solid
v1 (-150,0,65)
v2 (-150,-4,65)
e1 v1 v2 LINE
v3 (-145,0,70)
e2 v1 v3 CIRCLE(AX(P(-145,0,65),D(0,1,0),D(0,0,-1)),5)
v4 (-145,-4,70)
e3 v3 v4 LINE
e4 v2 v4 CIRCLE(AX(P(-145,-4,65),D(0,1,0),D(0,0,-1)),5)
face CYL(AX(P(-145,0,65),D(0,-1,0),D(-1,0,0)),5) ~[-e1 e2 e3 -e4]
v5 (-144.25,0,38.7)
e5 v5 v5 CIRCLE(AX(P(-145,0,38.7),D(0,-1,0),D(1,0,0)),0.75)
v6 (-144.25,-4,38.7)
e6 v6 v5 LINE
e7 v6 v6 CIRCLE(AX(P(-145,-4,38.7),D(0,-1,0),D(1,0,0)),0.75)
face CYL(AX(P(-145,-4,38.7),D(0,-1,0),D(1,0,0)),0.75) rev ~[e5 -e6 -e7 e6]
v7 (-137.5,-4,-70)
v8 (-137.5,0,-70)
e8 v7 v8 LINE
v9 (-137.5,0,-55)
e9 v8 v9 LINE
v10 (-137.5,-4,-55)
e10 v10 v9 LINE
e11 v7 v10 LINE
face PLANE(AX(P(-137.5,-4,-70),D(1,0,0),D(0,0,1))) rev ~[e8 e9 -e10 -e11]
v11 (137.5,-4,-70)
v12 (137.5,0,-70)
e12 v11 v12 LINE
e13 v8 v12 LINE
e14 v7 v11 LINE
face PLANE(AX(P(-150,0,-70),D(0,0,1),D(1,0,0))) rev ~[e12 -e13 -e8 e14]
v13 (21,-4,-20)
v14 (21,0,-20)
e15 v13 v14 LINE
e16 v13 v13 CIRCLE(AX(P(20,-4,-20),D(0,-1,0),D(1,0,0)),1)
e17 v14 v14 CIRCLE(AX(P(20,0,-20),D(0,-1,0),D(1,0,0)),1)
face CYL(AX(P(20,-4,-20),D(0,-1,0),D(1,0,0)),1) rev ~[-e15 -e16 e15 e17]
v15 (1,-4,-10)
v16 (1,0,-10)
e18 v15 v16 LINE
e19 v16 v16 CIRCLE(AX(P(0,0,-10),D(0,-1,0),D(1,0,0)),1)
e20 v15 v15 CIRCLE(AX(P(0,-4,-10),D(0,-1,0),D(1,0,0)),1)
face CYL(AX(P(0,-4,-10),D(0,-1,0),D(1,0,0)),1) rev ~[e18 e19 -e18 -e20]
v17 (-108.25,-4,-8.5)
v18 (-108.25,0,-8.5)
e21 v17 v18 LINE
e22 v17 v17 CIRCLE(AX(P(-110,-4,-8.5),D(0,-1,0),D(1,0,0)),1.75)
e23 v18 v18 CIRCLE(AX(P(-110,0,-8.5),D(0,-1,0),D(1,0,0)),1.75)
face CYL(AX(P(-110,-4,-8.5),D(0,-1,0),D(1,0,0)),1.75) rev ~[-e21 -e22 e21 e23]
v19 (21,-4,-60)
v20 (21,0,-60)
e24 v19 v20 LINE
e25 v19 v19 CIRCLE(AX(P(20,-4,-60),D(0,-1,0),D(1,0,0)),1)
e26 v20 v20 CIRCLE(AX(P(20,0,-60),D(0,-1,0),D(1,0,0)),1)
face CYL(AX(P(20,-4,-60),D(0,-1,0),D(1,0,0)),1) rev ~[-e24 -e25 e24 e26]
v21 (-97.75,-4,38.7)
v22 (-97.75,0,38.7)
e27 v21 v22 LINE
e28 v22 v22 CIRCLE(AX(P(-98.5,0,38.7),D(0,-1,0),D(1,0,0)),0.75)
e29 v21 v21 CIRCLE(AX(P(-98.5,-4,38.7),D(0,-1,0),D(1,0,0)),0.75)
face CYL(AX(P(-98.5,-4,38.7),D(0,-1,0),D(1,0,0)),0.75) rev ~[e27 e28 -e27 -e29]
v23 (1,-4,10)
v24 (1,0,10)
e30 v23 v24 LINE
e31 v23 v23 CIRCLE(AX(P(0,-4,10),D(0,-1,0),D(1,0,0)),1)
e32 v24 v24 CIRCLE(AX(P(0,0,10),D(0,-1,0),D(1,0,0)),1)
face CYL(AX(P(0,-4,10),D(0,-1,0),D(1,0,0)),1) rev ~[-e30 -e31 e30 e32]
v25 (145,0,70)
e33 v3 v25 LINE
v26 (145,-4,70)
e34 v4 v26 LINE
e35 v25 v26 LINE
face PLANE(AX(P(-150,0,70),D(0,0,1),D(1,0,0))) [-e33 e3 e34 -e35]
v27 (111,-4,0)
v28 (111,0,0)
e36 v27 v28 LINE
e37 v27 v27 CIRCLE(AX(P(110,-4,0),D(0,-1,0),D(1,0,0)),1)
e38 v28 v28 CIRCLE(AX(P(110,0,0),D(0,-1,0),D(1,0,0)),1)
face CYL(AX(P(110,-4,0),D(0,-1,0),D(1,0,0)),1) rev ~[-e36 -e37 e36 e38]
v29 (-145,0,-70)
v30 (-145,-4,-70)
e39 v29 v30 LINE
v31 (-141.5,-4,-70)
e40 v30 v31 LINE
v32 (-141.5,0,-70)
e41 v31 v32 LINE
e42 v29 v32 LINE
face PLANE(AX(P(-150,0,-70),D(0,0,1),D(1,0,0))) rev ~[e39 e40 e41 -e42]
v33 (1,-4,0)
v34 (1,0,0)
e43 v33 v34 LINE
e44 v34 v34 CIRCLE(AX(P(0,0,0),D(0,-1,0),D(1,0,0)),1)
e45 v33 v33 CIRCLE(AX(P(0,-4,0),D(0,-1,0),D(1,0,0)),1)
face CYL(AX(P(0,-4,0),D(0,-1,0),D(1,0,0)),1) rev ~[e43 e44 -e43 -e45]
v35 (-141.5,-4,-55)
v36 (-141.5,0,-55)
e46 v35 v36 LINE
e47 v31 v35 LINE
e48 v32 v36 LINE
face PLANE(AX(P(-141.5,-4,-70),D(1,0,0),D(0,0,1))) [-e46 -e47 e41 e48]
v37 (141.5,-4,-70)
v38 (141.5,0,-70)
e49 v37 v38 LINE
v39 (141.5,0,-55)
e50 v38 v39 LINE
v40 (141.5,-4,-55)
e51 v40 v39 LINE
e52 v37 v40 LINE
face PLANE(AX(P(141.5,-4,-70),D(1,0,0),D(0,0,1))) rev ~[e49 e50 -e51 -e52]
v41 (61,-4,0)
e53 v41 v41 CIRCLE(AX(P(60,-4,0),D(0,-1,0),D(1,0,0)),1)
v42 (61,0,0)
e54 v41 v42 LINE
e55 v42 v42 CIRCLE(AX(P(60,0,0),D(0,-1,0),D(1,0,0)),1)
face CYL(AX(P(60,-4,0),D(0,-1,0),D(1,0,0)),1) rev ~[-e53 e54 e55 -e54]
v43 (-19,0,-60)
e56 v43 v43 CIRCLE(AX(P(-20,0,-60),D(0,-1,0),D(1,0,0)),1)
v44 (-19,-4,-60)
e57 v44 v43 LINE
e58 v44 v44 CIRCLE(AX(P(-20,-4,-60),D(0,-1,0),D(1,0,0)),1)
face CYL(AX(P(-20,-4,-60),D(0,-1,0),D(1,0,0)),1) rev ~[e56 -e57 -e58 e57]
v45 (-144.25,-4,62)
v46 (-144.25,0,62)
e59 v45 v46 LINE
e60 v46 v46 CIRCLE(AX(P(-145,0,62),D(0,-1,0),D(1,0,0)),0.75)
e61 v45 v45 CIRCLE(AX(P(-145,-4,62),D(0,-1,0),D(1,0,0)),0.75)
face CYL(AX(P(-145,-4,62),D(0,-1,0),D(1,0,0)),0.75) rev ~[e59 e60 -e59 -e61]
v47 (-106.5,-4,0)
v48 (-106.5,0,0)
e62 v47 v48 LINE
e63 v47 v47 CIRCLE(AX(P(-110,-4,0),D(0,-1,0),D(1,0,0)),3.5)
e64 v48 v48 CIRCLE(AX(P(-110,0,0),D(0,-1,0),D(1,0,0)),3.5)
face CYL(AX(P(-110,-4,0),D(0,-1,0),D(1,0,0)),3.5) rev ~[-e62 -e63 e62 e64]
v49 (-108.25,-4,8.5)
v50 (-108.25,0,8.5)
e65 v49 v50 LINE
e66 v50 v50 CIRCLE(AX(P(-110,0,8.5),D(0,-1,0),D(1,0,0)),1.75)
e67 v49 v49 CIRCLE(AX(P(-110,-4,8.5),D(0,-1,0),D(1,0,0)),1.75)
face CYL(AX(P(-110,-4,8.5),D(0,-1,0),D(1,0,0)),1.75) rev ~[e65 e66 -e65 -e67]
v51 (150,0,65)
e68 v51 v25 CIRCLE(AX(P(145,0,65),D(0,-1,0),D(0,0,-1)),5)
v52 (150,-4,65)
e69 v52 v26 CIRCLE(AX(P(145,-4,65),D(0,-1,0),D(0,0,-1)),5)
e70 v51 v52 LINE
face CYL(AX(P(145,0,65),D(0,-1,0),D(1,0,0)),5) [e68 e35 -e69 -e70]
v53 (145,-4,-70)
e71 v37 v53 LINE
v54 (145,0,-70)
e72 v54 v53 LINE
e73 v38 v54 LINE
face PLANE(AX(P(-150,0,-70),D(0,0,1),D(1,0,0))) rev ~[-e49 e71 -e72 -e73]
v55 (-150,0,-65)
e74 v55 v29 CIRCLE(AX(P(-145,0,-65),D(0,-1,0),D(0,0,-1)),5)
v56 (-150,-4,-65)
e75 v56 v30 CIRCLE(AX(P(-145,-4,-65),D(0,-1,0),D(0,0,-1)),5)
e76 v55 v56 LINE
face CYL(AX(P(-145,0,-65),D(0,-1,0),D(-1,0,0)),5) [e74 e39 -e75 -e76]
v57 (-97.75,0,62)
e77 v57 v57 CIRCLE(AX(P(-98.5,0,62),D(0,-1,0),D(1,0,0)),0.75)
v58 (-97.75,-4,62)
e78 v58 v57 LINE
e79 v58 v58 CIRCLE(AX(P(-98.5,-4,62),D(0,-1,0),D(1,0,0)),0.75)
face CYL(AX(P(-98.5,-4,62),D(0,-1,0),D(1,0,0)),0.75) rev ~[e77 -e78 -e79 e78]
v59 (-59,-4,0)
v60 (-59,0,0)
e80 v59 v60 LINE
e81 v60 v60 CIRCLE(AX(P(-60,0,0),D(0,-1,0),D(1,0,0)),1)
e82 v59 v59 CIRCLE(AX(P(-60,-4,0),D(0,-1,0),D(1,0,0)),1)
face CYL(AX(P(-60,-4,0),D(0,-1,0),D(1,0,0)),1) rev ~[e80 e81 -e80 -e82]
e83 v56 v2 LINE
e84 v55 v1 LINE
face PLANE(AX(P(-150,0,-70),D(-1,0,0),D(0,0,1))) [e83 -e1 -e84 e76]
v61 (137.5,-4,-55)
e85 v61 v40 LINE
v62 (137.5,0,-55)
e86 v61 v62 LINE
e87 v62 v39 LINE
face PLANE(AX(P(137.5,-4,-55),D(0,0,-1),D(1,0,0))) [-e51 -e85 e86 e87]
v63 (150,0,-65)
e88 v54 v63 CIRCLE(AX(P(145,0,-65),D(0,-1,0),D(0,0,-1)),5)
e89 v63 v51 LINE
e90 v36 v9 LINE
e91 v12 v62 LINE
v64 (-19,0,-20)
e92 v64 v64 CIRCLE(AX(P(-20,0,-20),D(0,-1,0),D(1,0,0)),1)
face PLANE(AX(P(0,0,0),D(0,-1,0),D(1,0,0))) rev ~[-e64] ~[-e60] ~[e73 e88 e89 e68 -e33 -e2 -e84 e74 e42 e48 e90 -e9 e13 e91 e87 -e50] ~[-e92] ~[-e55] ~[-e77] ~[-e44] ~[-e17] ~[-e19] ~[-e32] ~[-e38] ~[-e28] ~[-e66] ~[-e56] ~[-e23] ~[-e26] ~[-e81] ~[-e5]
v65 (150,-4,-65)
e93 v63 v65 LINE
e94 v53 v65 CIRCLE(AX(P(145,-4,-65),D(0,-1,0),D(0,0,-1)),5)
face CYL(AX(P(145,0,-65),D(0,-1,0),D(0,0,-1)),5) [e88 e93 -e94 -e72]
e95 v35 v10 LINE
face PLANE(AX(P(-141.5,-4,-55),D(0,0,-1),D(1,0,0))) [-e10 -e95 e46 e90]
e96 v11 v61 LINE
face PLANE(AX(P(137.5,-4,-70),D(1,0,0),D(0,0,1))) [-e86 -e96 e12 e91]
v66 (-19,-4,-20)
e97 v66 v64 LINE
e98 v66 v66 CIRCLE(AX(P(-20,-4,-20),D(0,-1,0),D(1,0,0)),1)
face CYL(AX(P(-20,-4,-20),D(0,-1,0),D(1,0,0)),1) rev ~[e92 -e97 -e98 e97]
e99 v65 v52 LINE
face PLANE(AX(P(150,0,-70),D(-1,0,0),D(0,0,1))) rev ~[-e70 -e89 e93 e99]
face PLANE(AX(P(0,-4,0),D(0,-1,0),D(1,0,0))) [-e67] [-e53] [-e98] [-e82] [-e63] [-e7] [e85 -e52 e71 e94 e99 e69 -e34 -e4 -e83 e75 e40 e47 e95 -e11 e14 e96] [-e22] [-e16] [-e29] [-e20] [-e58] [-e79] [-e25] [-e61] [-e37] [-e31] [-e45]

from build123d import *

# Parameters (mm, degrees)
F0_W     = 300
F0_H     = 140
F1_DEPTH = 4
F2_R     = 5
F3_R     = 1
F3_R_2   = 3.5
F3_R_3   = 1.75
F3_W     = 4
F3_H     = 15
F3_R_4   = 0.75
F4_DEPTH = 4.001
F5_R     = 1
F6_DEPTH = 4.001


with BuildPart() as f1:
    # F0 (on Front) → F1 (new body)
    with BuildSketch(Plane.XZ):
        Rectangle(F0_W, F0_H)
    extrude(amount=F1_DEPTH)

    # F2
    f2_edges = [f1.edges().sort_by_distance(p)[0] for p in [
        (150, -2, 70),
        (150, -2, -70),
        (-150, -2, -70),
        (-150, -2, 70),
    ]]
    fillet(f2_edges, radius=F2_R)

    # F3 (on face) → F4 (cut, through all)
    with BuildSketch(Plane.XZ.offset(4)):
        Circle(F3_R)
        with Locations((60, 0)):
            Circle(F3_R)
        with Locations((-60, 0)):
            Circle(F3_R)
        with Locations((-110, 0)):
            Circle(F3_R_2)
        with Locations((110, 0)):
            Circle(F3_R)
        with Locations((-110, 8.5)):
            Circle(F3_R_3)
        with Locations((-110, -8.5)):
            Circle(F3_R_3)
        with Locations((-139.5, -62.5)):
            Rectangle(F3_W, F3_H)
        with Locations((139.5, -62.5)):
            Rectangle(F3_W, F3_H)
        with Locations((-145, 62)):
            Circle(F3_R_4)
        with Locations((-98.5, 62)):
            Circle(F3_R_4)
        with Locations((-145, 38.7)):
            Circle(F3_R_4)
        with Locations((-98.5, 38.7)):
            Circle(F3_R_4)
        with Locations((-20, -20)):
            Circle(F3_R)
        with Locations((20, -20)):
            Circle(F3_R)
        with Locations((20, -60)):
            Circle(F3_R)
        with Locations((-20, -60)):
            Circle(F3_R)
    extrude(amount=-F4_DEPTH, mode=Mode.SUBTRACT)

    # F5 (on face) → F6 (cut, through all)
    with BuildSketch(Plane.XZ.offset(4)):
        with Locations((0, 10)):
            Circle(F5_R)
        with Locations((0, -10)):
            Circle(F5_R)
    extrude(amount=-F6_DEPTH, mode=Mode.SUBTRACT)


solid = f1.part
